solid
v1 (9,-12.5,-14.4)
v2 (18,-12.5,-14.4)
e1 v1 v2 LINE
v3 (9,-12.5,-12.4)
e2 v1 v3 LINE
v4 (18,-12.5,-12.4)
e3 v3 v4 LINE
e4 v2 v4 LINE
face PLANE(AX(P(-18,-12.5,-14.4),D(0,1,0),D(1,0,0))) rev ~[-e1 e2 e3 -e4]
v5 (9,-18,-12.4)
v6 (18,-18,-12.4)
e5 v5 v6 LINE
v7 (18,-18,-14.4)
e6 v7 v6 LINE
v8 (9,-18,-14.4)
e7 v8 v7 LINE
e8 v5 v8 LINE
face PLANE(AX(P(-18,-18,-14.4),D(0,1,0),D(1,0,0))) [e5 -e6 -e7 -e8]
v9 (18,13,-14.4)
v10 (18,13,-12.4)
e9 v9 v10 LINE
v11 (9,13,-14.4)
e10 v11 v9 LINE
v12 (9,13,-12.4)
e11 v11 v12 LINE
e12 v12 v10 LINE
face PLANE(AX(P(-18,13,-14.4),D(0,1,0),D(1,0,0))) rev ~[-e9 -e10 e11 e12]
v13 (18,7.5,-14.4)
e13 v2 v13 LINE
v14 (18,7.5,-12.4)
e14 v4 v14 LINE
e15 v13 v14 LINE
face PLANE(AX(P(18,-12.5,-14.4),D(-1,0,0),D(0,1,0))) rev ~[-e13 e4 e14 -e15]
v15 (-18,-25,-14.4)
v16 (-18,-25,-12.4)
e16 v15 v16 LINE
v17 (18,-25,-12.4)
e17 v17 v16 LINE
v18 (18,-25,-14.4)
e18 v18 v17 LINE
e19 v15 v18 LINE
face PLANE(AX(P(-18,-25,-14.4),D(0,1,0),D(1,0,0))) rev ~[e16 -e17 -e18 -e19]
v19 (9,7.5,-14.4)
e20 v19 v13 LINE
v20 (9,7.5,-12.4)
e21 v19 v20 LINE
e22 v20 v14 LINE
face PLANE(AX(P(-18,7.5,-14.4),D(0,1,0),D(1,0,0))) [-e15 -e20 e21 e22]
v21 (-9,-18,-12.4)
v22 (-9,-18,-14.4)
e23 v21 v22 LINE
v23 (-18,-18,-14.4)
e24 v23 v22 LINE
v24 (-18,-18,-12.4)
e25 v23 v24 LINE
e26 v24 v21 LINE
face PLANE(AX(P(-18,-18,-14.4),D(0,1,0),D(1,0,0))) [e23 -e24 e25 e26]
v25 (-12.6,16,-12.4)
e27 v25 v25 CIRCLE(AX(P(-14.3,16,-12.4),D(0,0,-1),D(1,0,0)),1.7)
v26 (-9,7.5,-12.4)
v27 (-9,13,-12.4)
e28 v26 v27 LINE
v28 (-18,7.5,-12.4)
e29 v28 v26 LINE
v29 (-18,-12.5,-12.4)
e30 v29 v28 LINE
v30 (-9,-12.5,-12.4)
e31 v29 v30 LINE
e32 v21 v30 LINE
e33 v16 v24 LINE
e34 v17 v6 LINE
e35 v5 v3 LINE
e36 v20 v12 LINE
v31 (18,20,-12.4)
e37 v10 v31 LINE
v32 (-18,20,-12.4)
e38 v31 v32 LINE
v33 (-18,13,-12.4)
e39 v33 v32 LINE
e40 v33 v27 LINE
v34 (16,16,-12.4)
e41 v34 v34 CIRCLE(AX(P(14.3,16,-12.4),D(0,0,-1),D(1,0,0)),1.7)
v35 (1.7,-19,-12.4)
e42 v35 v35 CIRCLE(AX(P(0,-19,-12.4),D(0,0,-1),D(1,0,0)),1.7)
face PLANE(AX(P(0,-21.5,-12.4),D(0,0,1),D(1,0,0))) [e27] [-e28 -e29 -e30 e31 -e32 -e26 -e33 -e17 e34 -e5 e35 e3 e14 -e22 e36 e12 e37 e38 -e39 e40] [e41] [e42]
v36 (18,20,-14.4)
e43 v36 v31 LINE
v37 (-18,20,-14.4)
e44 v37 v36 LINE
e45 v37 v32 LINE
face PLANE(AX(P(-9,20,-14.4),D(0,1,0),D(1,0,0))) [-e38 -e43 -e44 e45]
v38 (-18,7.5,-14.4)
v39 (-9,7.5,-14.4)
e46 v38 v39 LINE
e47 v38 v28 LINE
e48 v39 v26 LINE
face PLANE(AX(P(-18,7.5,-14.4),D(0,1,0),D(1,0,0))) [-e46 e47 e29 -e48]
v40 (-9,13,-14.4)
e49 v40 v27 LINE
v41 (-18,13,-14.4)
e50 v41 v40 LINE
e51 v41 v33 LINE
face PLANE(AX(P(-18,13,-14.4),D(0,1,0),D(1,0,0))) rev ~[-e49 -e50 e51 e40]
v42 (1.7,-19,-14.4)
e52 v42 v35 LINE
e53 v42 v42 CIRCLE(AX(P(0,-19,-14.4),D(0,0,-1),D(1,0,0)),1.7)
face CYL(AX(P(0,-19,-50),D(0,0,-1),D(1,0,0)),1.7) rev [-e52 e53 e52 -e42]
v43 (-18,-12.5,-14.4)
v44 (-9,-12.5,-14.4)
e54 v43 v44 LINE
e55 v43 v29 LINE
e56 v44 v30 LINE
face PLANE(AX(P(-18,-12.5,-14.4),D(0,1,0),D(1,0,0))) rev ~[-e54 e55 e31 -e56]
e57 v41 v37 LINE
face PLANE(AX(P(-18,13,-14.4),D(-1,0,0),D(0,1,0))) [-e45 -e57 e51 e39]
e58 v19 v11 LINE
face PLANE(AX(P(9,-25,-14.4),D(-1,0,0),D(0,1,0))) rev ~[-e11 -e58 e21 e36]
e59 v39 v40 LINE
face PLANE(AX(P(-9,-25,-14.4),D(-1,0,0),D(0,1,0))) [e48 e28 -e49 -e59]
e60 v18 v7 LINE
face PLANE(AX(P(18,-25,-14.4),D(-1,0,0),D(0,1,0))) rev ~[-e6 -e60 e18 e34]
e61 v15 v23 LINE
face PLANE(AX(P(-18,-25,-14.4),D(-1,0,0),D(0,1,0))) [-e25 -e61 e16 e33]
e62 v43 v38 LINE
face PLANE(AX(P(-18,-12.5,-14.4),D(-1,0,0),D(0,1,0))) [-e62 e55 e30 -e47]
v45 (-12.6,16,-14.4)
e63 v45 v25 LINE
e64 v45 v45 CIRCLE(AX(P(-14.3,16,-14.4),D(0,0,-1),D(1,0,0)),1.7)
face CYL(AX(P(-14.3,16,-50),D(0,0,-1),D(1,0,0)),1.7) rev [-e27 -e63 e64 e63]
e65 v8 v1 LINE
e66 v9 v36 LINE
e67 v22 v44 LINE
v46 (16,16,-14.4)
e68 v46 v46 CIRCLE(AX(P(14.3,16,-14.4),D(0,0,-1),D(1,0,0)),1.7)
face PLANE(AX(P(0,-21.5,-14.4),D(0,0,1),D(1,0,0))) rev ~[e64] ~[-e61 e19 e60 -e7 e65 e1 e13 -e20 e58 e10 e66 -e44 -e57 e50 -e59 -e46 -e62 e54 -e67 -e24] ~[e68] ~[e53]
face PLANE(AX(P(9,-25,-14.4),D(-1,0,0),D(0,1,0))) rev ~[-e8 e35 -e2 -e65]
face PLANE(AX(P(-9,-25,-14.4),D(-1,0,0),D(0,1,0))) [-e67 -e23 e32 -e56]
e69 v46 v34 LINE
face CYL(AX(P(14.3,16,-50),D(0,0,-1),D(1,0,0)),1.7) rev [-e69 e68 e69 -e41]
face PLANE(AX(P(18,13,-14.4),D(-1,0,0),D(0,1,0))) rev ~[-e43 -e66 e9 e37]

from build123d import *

# Parameters (mm, degrees)
SKETCH025_R  = 1.7
PAD021_DEPTH = 100
BOX004_W     = 36
BOX004_H     = 7
BOX004_DEPTH = 2
BOX003_W     = 18
BOX003_H     = 45
BOX003_DEPTH = 2
BOX005_W     = 36
BOX005_H     = 7
BOX005_DEPTH = 2
BOX002_W     = 36
BOX002_H     = 20
BOX002_DEPTH = 2


with BuildPart() as pad021:
    # Sketch025 → Pad021 (new body)
    with BuildSketch(Plane.XY.offset(-50)):
        with Locations((0, -19)):
            Circle(SKETCH025_R)
        with Locations((-14.3, 16)):
            Circle(SKETCH025_R)
        with Locations((14.3, 16)):
            Circle(SKETCH025_R)
    extrude(amount=PAD021_DEPTH)


with BuildPart() as chassis003:
    # Box004 → Box004 (new body)
    with BuildSketch(Plane(origin=(-18, 13, -14.4), x_dir=(1, 0, 0), z_dir=(0, 0, 1))):
        with Locations((18, 3.5)):
            Rectangle(BOX004_W, BOX004_H)
    extrude(amount=BOX004_DEPTH)


with BuildPart() as chassis002:
    # Box003 → Box003 (new body)
    with BuildSketch(Plane(origin=(-9, -25, -14.4), x_dir=(1, 0, 0), z_dir=(0, 0, 1))):
        with Locations((9, 22.5)):
            Rectangle(BOX003_W, BOX003_H)
    extrude(amount=BOX003_DEPTH)


with BuildPart() as chassis004:
    # Box005 → Box005 (new body)
    with BuildSketch(Plane(origin=(-18, -25, -14.4), x_dir=(1, 0, 0), z_dir=(0, 0, 1))):
        with Locations((18, 3.5)):
            Rectangle(BOX005_W, BOX005_H)
    extrude(amount=BOX005_DEPTH)


with BuildPart() as cut005:
    # Box002 → Box002 (new body)
    with BuildSketch(Plane(origin=(-18, -12.5, -14.4), x_dir=(1, 0, 0), z_dir=(0, 0, 1))):
        with Locations((18, 10)):
            Rectangle(BOX002_W, BOX002_H)
    extrude(amount=BOX002_DEPTH)

    # Fusion002: union chassis003, chassis002, chassis004
    add(chassis003.part)
    add(chassis002.part)
    add(chassis004.part)

    # Cut005: cut Pad021
    add(pad021.part, mode=Mode.SUBTRACT)


solid = cut005.part
